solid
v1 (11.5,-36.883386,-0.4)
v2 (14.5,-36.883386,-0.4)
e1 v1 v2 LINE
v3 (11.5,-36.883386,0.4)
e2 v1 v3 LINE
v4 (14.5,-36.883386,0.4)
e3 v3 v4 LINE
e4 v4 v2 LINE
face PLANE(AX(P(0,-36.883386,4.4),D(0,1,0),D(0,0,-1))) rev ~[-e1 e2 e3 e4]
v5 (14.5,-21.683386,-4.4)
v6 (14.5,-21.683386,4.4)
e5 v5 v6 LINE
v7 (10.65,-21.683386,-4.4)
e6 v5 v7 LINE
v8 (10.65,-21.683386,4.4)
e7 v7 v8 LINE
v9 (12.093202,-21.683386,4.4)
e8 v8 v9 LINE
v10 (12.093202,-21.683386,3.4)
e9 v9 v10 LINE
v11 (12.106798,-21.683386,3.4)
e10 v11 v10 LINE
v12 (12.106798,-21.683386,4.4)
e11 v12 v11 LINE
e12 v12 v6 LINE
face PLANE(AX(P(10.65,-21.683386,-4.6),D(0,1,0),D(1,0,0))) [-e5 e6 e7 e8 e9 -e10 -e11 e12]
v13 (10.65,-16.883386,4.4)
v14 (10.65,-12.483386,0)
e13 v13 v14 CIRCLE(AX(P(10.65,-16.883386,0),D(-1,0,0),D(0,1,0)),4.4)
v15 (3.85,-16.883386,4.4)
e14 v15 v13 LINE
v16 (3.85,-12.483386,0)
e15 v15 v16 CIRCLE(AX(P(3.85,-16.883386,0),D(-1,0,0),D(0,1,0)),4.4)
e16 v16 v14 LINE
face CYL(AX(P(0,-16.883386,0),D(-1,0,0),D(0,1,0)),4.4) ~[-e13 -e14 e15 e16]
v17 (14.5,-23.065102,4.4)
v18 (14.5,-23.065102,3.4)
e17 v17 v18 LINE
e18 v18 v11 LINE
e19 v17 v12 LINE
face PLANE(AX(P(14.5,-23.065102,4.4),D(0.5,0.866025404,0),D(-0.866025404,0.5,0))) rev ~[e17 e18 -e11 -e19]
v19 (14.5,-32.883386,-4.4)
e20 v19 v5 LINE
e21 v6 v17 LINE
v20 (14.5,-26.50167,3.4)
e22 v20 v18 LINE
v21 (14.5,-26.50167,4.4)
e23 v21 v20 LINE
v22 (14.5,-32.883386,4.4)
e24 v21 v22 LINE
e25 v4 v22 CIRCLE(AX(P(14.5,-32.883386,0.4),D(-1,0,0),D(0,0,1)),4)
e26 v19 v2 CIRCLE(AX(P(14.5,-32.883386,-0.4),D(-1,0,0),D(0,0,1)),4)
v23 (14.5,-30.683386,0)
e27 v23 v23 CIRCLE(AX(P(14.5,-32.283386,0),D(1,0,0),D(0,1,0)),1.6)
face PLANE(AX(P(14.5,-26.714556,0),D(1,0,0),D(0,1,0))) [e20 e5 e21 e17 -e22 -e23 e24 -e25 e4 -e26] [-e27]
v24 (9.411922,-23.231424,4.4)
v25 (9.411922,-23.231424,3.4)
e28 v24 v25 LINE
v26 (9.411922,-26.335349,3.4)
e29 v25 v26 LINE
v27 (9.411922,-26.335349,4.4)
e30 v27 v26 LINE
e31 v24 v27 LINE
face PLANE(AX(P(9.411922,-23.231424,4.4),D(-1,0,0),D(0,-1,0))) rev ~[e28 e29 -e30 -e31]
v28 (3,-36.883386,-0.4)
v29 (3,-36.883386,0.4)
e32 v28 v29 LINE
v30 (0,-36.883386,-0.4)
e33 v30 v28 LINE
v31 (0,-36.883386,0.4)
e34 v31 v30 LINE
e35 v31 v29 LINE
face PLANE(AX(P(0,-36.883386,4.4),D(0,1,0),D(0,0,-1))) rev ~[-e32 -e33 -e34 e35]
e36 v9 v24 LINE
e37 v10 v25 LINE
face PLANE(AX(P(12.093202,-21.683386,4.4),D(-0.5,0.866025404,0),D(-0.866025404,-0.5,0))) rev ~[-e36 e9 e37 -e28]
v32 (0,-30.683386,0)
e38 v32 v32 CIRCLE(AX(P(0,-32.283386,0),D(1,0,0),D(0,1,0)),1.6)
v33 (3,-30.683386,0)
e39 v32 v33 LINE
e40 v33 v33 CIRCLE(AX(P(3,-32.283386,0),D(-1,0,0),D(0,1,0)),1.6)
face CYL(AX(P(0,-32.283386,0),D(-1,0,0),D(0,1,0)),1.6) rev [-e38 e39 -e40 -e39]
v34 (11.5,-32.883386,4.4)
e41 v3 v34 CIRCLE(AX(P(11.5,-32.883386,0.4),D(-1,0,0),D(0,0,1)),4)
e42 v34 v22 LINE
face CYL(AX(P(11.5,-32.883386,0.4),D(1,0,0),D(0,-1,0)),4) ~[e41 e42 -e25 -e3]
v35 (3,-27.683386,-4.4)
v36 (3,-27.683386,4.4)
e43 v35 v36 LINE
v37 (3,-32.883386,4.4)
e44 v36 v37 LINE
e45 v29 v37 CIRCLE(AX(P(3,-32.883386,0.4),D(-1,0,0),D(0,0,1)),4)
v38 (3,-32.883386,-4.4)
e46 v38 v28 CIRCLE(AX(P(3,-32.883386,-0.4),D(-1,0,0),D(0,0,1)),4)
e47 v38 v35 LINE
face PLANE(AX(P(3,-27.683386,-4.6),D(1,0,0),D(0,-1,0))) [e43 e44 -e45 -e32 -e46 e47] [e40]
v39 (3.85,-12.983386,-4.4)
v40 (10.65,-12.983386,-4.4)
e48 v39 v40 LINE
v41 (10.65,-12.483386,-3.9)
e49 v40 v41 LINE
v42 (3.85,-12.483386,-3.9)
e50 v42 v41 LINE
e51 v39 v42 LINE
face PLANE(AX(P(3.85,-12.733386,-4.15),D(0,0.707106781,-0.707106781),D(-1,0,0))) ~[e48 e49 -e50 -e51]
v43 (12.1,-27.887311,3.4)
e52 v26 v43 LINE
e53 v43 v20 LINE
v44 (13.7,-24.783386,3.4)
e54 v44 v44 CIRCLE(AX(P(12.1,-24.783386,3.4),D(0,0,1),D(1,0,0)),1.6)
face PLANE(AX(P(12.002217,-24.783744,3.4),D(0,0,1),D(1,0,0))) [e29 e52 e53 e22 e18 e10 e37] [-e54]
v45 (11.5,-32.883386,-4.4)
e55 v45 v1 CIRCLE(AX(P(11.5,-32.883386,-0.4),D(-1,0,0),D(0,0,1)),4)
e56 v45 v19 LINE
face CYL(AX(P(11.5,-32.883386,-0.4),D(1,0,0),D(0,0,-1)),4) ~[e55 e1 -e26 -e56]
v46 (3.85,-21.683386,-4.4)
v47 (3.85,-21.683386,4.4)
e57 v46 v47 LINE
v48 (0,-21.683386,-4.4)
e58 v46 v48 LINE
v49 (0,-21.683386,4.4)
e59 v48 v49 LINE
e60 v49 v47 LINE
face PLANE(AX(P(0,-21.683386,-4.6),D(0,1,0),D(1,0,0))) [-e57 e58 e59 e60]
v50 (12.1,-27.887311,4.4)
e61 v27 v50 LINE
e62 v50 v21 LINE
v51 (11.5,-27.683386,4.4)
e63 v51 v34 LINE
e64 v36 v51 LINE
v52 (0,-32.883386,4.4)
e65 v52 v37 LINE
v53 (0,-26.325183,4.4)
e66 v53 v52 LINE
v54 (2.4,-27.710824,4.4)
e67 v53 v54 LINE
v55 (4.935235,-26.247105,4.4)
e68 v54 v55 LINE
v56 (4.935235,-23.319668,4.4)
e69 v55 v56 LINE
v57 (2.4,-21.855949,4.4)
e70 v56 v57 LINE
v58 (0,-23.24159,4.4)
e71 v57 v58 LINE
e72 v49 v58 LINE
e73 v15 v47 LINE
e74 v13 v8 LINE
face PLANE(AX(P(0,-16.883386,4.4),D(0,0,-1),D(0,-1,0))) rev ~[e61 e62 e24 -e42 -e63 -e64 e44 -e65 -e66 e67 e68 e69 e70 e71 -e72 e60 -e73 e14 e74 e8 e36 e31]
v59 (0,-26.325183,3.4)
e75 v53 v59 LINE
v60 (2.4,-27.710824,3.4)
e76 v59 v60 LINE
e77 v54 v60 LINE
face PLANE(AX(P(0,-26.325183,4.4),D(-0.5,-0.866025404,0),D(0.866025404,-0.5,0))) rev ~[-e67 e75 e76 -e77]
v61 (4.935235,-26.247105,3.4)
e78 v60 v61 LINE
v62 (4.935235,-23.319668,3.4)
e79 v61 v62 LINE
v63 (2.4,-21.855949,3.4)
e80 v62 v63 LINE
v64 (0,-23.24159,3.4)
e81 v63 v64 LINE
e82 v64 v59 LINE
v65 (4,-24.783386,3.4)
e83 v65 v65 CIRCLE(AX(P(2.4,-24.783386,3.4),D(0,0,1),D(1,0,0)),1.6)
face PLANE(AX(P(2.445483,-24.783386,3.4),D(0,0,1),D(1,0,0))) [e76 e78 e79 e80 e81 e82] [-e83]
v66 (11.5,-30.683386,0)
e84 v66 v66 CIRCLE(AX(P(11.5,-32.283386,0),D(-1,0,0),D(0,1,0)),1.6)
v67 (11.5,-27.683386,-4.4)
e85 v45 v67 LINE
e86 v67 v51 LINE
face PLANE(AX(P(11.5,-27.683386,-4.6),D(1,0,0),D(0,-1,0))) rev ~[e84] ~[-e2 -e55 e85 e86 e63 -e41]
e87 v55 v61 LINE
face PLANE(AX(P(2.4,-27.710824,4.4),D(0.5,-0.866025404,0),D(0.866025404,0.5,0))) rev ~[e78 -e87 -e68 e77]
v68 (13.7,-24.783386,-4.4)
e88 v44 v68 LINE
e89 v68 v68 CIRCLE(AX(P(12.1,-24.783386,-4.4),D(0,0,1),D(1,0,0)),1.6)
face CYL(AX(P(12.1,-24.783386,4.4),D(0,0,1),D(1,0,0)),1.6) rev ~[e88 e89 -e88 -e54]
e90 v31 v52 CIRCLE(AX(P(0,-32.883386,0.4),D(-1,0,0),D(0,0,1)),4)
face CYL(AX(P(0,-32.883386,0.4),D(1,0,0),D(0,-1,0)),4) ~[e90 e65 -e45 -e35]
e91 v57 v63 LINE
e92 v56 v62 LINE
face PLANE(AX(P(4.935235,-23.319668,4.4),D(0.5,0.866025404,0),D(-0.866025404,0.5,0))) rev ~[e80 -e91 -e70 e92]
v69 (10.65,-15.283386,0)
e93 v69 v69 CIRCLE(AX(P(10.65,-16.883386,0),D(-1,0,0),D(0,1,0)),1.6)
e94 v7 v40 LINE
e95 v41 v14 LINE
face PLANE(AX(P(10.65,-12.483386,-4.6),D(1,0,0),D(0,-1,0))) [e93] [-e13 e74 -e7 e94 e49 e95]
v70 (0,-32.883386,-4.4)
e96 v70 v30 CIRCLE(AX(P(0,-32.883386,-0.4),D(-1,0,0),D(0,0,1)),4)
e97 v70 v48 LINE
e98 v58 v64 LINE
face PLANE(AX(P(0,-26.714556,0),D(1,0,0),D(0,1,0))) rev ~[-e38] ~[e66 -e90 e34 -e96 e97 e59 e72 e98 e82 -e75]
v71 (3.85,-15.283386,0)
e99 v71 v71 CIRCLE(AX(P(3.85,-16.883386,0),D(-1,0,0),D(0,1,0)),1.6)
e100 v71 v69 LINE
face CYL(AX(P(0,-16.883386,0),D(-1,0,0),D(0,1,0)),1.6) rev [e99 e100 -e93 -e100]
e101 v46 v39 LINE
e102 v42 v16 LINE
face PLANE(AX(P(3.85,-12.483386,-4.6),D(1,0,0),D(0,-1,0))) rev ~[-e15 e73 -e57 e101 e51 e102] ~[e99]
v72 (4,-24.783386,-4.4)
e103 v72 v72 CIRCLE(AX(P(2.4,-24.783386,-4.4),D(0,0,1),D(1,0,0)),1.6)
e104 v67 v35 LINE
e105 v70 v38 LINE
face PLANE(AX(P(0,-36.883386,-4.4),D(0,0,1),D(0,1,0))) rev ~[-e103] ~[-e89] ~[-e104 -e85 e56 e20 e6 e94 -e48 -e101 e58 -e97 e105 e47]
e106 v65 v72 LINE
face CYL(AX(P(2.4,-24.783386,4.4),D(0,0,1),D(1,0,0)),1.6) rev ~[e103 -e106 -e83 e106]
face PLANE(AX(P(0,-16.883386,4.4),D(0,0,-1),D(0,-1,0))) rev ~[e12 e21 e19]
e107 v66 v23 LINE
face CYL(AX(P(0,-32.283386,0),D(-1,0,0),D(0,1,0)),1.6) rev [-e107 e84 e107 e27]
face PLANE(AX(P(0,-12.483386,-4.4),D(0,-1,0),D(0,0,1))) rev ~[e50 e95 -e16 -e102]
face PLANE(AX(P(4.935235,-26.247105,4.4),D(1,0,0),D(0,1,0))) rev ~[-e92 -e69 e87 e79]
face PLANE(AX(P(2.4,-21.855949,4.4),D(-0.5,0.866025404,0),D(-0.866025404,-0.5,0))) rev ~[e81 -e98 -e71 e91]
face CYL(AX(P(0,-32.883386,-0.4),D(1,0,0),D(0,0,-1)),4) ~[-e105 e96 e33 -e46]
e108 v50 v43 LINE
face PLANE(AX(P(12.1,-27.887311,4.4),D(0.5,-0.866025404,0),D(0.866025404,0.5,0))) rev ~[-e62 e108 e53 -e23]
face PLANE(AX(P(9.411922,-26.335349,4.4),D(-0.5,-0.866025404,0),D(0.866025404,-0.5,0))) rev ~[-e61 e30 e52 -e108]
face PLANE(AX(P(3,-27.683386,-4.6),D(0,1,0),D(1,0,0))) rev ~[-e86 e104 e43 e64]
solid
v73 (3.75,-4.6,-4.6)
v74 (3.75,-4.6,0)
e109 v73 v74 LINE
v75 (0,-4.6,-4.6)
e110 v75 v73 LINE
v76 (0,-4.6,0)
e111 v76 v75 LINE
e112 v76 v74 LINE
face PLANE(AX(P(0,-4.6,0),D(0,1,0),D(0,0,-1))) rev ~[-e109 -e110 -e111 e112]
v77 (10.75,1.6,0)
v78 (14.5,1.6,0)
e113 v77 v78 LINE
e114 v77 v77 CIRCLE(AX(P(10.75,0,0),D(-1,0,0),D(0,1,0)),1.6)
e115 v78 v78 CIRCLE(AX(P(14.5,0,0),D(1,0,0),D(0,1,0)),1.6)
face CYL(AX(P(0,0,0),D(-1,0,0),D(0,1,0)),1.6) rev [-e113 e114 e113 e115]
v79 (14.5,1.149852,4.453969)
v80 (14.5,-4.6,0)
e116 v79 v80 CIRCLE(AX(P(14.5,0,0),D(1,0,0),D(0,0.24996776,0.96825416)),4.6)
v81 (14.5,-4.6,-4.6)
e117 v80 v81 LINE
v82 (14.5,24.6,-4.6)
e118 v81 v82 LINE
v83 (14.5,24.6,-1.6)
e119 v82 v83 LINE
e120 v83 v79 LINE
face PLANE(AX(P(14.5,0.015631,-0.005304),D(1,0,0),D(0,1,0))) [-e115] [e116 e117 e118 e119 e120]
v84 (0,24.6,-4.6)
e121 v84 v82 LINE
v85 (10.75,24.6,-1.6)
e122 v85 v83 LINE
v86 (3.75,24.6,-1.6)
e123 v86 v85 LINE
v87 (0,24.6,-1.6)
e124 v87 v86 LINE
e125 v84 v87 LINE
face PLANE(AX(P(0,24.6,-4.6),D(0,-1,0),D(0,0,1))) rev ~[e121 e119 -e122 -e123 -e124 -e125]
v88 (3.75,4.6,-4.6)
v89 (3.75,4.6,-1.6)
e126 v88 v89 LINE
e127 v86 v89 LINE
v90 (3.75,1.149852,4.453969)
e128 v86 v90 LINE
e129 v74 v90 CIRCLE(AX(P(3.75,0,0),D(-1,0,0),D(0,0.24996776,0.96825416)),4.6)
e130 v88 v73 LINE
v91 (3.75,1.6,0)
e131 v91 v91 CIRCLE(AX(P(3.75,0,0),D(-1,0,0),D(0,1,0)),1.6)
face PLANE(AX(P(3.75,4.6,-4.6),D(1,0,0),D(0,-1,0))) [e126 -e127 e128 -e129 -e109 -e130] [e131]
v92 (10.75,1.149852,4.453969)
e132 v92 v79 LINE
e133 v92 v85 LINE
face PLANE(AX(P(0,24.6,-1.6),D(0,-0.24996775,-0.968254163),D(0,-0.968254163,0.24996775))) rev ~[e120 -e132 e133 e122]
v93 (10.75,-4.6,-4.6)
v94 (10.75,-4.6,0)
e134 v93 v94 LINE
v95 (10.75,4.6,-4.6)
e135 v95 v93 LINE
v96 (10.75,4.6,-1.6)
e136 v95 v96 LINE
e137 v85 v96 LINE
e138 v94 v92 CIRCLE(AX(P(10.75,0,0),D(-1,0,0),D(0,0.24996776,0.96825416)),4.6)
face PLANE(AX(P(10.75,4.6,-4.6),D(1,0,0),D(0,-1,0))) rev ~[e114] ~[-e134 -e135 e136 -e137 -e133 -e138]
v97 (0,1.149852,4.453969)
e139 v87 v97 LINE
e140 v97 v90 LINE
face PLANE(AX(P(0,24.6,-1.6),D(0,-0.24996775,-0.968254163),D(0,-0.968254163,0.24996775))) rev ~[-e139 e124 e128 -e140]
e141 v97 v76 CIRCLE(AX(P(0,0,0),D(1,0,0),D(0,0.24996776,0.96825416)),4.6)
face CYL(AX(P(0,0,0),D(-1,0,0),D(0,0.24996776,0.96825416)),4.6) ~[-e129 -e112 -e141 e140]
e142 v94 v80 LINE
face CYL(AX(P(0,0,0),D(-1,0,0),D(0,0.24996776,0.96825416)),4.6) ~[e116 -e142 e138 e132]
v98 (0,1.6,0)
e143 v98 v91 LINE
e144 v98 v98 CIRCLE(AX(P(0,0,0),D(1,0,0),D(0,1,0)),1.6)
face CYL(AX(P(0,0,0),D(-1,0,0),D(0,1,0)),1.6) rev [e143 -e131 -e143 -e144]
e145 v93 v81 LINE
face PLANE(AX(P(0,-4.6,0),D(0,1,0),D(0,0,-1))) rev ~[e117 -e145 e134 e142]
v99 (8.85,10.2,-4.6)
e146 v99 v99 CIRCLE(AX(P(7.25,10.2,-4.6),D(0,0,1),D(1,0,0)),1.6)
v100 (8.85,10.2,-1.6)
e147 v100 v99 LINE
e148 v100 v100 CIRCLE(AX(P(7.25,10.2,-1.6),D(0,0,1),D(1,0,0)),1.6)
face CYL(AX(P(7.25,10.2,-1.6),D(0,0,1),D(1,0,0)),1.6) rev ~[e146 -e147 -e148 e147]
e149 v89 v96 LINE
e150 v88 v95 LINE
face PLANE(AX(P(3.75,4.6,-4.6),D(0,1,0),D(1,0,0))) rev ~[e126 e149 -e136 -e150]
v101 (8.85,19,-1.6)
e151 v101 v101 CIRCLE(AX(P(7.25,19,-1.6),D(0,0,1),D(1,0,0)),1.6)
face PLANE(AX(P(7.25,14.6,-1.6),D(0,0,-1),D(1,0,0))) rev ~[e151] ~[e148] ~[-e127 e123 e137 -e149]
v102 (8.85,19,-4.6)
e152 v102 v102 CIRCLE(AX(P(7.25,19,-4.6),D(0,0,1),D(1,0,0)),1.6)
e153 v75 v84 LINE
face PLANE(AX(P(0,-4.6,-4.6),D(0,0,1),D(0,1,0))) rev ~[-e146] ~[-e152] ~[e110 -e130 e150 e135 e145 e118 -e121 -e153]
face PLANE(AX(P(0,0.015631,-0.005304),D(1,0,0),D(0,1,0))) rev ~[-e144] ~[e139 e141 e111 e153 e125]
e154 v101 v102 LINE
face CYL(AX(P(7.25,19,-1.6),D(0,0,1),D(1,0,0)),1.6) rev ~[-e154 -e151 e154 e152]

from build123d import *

# Parameters (mm, degrees)
F0_R      = 1.6
F1_DEPTH  = 14.5
F2_W      = 3.85
F2_H      = 9.2
F2_W_2    = 7
F2_W_3    = 8.5
F3_DEPTH  = 19.8727577452
F4_R      = 1.6
F5_DEPTH  = 8.8
F6_DEPTH  = 1
F7_R      = 4
F9_W      = 7
F9_H      = 20
F10_DEPTH = 5.17
F11_R     = 1.6
F12_DEPTH = 3
F13_SIZE  = 0.5


with BuildPart() as f1:
    # F0 (on Right) → F1 (new body)
    with BuildSketch(Plane.YZ):
        with BuildLine():
            ThreePointArc((-16.883386299, -4.4), (-21.283386299, 0), (-16.883386299, 4.4))
            Line((-16.883386299, 4.4), (-36.883386299, 4.4))
            Line((-36.883386299, 4.4), (-36.883386299, -4.4))
            Line((-36.883386299, -4.4), (-16.883386299, -4.4))
        make_face()
        with Locations((-32.283386299, 0)):
            Circle(F0_R, mode=Mode.SUBTRACT)
        with BuildLine():
            ThreePointArc((-16.883386299, -4.4), (-13.7721164618, -3.1112698372), (-12.483386299, 0))
            ThreePointArc((-12.483386299, 0), (-13.7721164618, 3.1112698372), (-16.883386299, 4.4))
            ThreePointArc((-16.883386299, 4.4), (-21.283386299, 0), (-16.883386299, -4.4))
        make_face()
        with Locations((-16.883386299, 0)):
            Circle(F0_R, mode=Mode.SUBTRACT)
        with BuildLine():
            Line((-12.483386299, -4.4), (-12.483386299, 0))
            ThreePointArc((-12.483386299, 0), (-13.7721164618, -3.1112698372), (-16.883386299, -4.4))
            Line((-16.883386299, -4.4), (-12.483386299, -4.4))
        make_face()
    extrude(amount=F1_DEPTH)


with BuildPart() as f1b:
    # F0 (on Right) → F1, piece 2 (new body)
    with BuildSketch(Plane.YZ):
        with BuildLine():
            ThreePointArc((1.149851697, 4.4539691372), (-2.816973748, 3.6365724114), (-4.6, 0))
            ThreePointArc((-4.6, 0), (-3.2526911935, -3.2526911935), (0, -4.6))
            ThreePointArc((0, -4.6), (3.2526911935, -3.2526911935), (4.6, 0))
            ThreePointArc((4.6, 0), (3.6365724114, 2.816973748), (1.149851697, 4.4539691372))
        make_face()
        Circle(F0_R, mode=Mode.SUBTRACT)
        with BuildLine():
            ThreePointArc((4.6, 0), (3.2526911935, -3.2526911935), (0, -4.6))
            Line((0, -4.6), (24.6, -4.6))
            Line((24.6, -4.6), (24.6, -1.6))
            Line((24.6, -1.6), (1.149851697, 4.4539691372))
            ThreePointArc((1.149851697, 4.4539691372), (3.6365724114, 2.816973748), (4.6, 0))
        make_face()
        with BuildLine():
            ThreePointArc((0, -4.6), (-3.2526911935, -3.2526911935), (-4.6, 0))
            Line((-4.6, 0), (-4.6, -4.6))
            Line((-4.6, -4.6), (0, -4.6))
        make_face()
    extrude(amount=F1_DEPTH)


with BuildPart() as f3_tool:
    # F2 (on face) → F3 (new body, up to face)
    with BuildSketch(Plane(origin=(0, 0, -4.6), x_dir=(1, 0, 0), z_dir=(0, 0, -1))):
        with Locations((1.925, 17.083386299)):
            Rectangle(F2_W, F2_H)
        with Locations((12.575, 17.083386299)):
            Rectangle(F2_W, F2_H)
        with Locations((7.25, 0)):
            Rectangle(F2_W_2, F2_H)
        with Locations((7.25, 32.283386299)):
            Rectangle(F2_W_3, F2_H)
    extrude(amount=-F3_DEPTH)


with BuildPart() as f1_1:
    add(f1.part)

    # F3: cut by f3_tool
    add(f3_tool.part, mode=Mode.SUBTRACT)

    # F4 (on face) → F5 (cut, through all)
    with BuildSketch(Plane.XY.offset(4.4)):
        with Locations((2.4, -24.783386299)):
            Circle(F4_R)
        with Locations((12.1, -24.783386299)):
            Circle(F4_R)
    extrude(amount=-F5_DEPTH, mode=Mode.SUBTRACT)

    # F4 (on face) → F6 (cut)
    with BuildSketch(Plane.XY.offset(4.4)):
        Polygon((0, -23.2415896397), (0, -26.3251829583), (2.4, -27.7108236044), (4.9352350744, -26.2471049517), (4.9352350744, -23.3196676463), (2.4, -21.8559489936), align=None)
        with Locations((2.4, -24.783386299)):
            Circle(F4_R, mode=Mode.SUBTRACT)
        Polygon((12.1067976077, -21.683386299), (12.0932023923, -21.683386299), (9.4119224444, -23.2314239987), (9.4119224444, -26.3353485993), (12.1, -27.8873108997), (14.5, -26.5016702536), (14.5, -23.0651023444), align=None)
        with Locations((12.1, -24.783386299)):
            Circle(F4_R, mode=Mode.SUBTRACT)
    extrude(amount=-F6_DEPTH, mode=Mode.SUBTRACT)

    # F7
    f7_edges = [f1_1.edges().sort_by_distance(p)[0] for p in [
        (13, -36.883386, 4.4),
        (13, -36.883386, -4.4),
        (1.5, -36.883386, 4.4),
        (1.5, -36.883386, -4.4),
    ]]
    fillet(f7_edges, radius=F7_R)

    # F13
    f13_edges = [f1_1.edges().sort_by_distance(p)[0] for p in [
        (7.25, -12.483386, -4.4),
    ]]
    chamfer(f13_edges, length=F13_SIZE)


with BuildPart() as f1b_1:
    add(f1b.part)

    # F3: cut by f3_tool
    add(f3_tool.part, mode=Mode.SUBTRACT)

    # F9 (on offset) → F10 (cut, through all)
    with BuildSketch(Plane(origin=(0, 0, 3.57), x_dir=(1, 0, 0), z_dir=(0, 0, -1))):
        with Locations((7.25, -14.6)):
            Rectangle(F9_W, F9_H)
    extrude(amount=F10_DEPTH, mode=Mode.SUBTRACT)

    # F11 (on face) → F12 (cut, through all)
    with BuildSketch(Plane.XY.offset(-1.6)):
        with Locations((7.25, 19)):
            Circle(F11_R)
        with Locations((7.25, 10.2)):
            Circle(F11_R)
    extrude(amount=-F12_DEPTH, mode=Mode.SUBTRACT)


solid = Compound([f1_1.part, f1b_1.part])
